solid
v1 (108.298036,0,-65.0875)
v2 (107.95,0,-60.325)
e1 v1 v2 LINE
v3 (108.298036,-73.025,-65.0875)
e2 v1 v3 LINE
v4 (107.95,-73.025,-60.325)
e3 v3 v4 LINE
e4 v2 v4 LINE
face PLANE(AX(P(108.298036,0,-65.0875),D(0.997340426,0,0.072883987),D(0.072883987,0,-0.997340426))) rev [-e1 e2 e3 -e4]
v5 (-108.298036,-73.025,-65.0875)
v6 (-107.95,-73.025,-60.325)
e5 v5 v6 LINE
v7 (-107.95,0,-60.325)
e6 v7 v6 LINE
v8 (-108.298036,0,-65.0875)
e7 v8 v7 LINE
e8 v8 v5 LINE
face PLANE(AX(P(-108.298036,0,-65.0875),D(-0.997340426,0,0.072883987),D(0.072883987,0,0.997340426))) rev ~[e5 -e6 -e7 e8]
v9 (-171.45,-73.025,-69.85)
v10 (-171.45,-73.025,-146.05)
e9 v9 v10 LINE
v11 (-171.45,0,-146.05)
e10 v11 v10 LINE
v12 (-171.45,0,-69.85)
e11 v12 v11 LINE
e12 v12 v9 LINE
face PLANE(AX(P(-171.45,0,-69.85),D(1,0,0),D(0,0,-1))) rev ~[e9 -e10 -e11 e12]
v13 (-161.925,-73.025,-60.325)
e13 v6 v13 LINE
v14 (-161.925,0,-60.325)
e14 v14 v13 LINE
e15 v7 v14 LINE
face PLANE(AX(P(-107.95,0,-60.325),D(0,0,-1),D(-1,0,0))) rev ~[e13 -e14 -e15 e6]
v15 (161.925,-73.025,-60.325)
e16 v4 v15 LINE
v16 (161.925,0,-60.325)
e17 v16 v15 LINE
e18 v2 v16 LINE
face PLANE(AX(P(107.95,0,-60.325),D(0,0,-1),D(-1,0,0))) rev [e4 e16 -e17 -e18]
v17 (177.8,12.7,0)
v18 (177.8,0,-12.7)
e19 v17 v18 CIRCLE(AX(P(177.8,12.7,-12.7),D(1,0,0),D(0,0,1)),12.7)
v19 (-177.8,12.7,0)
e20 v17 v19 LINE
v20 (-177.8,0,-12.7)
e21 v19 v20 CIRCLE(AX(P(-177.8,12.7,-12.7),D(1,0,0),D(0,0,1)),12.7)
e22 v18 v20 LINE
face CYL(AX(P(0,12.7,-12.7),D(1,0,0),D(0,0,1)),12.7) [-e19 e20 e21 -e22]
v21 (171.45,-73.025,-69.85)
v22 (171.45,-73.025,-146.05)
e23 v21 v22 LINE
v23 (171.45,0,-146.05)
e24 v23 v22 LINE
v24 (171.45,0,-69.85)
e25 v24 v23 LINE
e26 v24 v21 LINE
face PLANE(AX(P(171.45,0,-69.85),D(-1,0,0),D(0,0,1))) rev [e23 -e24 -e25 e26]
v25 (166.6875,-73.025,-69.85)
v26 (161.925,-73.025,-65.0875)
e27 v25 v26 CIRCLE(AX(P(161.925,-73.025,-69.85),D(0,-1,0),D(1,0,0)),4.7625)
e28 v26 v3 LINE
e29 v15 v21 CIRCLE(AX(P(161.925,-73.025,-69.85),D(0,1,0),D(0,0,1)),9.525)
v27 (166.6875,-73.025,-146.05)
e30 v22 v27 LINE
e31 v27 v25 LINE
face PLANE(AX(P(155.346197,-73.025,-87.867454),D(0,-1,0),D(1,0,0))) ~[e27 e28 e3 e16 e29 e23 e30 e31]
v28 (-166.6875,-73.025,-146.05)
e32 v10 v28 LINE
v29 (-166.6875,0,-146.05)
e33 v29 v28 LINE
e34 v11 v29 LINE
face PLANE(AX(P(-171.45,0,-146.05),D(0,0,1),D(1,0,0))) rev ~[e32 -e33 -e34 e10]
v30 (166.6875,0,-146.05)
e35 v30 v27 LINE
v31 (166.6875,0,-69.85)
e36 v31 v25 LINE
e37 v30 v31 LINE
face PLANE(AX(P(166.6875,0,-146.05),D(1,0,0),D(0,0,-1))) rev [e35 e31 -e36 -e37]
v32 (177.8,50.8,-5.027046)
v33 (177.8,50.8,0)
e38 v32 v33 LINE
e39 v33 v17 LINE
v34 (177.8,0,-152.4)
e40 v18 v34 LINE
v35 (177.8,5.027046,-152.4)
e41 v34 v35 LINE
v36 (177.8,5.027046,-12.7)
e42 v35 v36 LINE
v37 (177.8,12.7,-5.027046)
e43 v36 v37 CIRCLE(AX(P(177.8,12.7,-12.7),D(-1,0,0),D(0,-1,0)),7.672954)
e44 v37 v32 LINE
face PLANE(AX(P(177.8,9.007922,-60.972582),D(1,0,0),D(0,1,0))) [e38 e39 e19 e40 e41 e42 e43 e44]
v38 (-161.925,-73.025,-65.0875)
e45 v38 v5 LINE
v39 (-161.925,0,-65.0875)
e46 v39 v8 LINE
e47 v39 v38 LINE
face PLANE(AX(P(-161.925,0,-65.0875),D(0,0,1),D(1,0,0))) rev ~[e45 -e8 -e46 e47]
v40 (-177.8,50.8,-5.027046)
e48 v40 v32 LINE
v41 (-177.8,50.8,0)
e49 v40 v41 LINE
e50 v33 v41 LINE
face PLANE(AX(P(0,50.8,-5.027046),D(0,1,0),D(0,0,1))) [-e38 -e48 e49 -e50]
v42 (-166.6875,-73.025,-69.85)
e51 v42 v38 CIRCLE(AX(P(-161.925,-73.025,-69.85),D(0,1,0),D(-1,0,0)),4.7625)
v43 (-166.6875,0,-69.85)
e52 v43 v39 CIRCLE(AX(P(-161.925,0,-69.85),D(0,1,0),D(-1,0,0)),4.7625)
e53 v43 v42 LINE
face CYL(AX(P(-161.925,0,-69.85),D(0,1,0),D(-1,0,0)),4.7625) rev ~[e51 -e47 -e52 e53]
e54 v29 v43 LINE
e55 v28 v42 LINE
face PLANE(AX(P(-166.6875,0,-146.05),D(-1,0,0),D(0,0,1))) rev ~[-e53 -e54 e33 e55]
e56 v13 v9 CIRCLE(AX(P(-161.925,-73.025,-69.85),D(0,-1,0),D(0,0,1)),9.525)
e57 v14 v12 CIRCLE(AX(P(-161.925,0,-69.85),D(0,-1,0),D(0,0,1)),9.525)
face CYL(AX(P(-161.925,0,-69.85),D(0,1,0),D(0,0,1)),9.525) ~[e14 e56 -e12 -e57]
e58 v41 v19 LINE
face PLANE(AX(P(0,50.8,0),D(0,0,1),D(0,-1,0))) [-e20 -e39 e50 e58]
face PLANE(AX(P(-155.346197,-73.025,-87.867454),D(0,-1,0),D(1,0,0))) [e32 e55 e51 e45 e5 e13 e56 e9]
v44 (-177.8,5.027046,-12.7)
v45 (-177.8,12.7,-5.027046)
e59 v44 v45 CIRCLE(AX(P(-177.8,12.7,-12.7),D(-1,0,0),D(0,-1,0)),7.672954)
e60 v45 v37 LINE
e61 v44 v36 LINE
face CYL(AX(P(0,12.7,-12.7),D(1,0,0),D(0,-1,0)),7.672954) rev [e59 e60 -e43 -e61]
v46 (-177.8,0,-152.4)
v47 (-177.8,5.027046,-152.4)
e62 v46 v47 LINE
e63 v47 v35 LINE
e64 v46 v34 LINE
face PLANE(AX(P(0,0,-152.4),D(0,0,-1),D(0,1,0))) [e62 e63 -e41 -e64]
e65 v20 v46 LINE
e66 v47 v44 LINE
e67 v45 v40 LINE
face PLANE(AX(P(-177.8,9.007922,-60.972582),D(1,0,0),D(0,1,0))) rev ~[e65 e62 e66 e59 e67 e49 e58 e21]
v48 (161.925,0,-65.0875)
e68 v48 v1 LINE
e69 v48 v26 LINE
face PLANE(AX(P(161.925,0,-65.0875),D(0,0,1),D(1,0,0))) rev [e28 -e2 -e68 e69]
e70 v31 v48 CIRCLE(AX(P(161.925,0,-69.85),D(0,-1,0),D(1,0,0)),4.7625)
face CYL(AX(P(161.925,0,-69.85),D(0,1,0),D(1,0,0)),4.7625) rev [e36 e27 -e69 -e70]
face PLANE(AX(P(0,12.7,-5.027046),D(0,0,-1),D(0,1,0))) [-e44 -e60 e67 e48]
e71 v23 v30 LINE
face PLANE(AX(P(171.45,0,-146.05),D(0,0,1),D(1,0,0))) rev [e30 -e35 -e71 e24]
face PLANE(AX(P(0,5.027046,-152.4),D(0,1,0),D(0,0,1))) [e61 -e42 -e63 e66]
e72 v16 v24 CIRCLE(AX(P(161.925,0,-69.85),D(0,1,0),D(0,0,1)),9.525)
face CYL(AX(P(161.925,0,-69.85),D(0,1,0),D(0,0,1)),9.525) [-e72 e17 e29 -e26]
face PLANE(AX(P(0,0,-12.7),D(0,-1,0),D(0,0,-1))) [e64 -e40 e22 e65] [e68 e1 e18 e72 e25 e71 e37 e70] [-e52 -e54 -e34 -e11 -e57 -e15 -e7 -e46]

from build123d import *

# Parameters (mm, degrees)
F1_DEPTH = 177.8
F3_DEPTH = 73.025


with BuildPart() as f1:
    # F0 (on Right) → F1 (new body, symmetric)
    with BuildSketch(Plane.YZ):
        with BuildLine():
            Line((0, -12.7), (0, -152.4))
            Line((0, -152.4), (5.0270461919, -152.4))
            Line((5.0270461919, -152.4), (5.0270461919, -12.7))
            ThreePointArc((5.0270461919, -12.7), (7.2744023306, -7.2744023306), (12.7, -5.0270461919))
            Line((12.7, -5.0270461919), (50.8, -5.0270461919))
            Line((50.8, -5.0270461919), (50.8, 0))
            Line((50.8, 0), (12.7, 0))
            ThreePointArc((12.7, 0), (3.7197438789, -3.7197438789), (0, -12.7))
        make_face()
    extrude(amount=F1_DEPTH, both=True)

    # F2 (on face) → F3 (join)
    with BuildSketch(Plane.XZ):
        with BuildLine():
            Line((-108.298035616, -65.0875), (-107.95, -60.325))
            Line((-107.95, -60.325), (-161.925, -60.325))
            ThreePointArc((-161.925, -60.325), (-168.6601920908, -63.1148079092), (-171.45, -69.85))
            Line((-171.45, -69.85), (-171.45, -146.05))
            Line((-171.45, -146.05), (-166.6875, -146.05))
            Line((-166.6875, -146.05), (-166.6875, -69.85))
            ThreePointArc((-166.6875, -69.85), (-165.2925960454, -66.4824039546), (-161.925, -65.0875))
            Line((-161.925, -65.0875), (-108.298035616, -65.0875))
        make_face()
    extrude(amount=F3_DEPTH)

    # F4: F1 across plane


with BuildPart() as f1_1:
    add(f1.part)
    add(f1.part.mirror(Plane.YZ))


solid = f1_1.part
